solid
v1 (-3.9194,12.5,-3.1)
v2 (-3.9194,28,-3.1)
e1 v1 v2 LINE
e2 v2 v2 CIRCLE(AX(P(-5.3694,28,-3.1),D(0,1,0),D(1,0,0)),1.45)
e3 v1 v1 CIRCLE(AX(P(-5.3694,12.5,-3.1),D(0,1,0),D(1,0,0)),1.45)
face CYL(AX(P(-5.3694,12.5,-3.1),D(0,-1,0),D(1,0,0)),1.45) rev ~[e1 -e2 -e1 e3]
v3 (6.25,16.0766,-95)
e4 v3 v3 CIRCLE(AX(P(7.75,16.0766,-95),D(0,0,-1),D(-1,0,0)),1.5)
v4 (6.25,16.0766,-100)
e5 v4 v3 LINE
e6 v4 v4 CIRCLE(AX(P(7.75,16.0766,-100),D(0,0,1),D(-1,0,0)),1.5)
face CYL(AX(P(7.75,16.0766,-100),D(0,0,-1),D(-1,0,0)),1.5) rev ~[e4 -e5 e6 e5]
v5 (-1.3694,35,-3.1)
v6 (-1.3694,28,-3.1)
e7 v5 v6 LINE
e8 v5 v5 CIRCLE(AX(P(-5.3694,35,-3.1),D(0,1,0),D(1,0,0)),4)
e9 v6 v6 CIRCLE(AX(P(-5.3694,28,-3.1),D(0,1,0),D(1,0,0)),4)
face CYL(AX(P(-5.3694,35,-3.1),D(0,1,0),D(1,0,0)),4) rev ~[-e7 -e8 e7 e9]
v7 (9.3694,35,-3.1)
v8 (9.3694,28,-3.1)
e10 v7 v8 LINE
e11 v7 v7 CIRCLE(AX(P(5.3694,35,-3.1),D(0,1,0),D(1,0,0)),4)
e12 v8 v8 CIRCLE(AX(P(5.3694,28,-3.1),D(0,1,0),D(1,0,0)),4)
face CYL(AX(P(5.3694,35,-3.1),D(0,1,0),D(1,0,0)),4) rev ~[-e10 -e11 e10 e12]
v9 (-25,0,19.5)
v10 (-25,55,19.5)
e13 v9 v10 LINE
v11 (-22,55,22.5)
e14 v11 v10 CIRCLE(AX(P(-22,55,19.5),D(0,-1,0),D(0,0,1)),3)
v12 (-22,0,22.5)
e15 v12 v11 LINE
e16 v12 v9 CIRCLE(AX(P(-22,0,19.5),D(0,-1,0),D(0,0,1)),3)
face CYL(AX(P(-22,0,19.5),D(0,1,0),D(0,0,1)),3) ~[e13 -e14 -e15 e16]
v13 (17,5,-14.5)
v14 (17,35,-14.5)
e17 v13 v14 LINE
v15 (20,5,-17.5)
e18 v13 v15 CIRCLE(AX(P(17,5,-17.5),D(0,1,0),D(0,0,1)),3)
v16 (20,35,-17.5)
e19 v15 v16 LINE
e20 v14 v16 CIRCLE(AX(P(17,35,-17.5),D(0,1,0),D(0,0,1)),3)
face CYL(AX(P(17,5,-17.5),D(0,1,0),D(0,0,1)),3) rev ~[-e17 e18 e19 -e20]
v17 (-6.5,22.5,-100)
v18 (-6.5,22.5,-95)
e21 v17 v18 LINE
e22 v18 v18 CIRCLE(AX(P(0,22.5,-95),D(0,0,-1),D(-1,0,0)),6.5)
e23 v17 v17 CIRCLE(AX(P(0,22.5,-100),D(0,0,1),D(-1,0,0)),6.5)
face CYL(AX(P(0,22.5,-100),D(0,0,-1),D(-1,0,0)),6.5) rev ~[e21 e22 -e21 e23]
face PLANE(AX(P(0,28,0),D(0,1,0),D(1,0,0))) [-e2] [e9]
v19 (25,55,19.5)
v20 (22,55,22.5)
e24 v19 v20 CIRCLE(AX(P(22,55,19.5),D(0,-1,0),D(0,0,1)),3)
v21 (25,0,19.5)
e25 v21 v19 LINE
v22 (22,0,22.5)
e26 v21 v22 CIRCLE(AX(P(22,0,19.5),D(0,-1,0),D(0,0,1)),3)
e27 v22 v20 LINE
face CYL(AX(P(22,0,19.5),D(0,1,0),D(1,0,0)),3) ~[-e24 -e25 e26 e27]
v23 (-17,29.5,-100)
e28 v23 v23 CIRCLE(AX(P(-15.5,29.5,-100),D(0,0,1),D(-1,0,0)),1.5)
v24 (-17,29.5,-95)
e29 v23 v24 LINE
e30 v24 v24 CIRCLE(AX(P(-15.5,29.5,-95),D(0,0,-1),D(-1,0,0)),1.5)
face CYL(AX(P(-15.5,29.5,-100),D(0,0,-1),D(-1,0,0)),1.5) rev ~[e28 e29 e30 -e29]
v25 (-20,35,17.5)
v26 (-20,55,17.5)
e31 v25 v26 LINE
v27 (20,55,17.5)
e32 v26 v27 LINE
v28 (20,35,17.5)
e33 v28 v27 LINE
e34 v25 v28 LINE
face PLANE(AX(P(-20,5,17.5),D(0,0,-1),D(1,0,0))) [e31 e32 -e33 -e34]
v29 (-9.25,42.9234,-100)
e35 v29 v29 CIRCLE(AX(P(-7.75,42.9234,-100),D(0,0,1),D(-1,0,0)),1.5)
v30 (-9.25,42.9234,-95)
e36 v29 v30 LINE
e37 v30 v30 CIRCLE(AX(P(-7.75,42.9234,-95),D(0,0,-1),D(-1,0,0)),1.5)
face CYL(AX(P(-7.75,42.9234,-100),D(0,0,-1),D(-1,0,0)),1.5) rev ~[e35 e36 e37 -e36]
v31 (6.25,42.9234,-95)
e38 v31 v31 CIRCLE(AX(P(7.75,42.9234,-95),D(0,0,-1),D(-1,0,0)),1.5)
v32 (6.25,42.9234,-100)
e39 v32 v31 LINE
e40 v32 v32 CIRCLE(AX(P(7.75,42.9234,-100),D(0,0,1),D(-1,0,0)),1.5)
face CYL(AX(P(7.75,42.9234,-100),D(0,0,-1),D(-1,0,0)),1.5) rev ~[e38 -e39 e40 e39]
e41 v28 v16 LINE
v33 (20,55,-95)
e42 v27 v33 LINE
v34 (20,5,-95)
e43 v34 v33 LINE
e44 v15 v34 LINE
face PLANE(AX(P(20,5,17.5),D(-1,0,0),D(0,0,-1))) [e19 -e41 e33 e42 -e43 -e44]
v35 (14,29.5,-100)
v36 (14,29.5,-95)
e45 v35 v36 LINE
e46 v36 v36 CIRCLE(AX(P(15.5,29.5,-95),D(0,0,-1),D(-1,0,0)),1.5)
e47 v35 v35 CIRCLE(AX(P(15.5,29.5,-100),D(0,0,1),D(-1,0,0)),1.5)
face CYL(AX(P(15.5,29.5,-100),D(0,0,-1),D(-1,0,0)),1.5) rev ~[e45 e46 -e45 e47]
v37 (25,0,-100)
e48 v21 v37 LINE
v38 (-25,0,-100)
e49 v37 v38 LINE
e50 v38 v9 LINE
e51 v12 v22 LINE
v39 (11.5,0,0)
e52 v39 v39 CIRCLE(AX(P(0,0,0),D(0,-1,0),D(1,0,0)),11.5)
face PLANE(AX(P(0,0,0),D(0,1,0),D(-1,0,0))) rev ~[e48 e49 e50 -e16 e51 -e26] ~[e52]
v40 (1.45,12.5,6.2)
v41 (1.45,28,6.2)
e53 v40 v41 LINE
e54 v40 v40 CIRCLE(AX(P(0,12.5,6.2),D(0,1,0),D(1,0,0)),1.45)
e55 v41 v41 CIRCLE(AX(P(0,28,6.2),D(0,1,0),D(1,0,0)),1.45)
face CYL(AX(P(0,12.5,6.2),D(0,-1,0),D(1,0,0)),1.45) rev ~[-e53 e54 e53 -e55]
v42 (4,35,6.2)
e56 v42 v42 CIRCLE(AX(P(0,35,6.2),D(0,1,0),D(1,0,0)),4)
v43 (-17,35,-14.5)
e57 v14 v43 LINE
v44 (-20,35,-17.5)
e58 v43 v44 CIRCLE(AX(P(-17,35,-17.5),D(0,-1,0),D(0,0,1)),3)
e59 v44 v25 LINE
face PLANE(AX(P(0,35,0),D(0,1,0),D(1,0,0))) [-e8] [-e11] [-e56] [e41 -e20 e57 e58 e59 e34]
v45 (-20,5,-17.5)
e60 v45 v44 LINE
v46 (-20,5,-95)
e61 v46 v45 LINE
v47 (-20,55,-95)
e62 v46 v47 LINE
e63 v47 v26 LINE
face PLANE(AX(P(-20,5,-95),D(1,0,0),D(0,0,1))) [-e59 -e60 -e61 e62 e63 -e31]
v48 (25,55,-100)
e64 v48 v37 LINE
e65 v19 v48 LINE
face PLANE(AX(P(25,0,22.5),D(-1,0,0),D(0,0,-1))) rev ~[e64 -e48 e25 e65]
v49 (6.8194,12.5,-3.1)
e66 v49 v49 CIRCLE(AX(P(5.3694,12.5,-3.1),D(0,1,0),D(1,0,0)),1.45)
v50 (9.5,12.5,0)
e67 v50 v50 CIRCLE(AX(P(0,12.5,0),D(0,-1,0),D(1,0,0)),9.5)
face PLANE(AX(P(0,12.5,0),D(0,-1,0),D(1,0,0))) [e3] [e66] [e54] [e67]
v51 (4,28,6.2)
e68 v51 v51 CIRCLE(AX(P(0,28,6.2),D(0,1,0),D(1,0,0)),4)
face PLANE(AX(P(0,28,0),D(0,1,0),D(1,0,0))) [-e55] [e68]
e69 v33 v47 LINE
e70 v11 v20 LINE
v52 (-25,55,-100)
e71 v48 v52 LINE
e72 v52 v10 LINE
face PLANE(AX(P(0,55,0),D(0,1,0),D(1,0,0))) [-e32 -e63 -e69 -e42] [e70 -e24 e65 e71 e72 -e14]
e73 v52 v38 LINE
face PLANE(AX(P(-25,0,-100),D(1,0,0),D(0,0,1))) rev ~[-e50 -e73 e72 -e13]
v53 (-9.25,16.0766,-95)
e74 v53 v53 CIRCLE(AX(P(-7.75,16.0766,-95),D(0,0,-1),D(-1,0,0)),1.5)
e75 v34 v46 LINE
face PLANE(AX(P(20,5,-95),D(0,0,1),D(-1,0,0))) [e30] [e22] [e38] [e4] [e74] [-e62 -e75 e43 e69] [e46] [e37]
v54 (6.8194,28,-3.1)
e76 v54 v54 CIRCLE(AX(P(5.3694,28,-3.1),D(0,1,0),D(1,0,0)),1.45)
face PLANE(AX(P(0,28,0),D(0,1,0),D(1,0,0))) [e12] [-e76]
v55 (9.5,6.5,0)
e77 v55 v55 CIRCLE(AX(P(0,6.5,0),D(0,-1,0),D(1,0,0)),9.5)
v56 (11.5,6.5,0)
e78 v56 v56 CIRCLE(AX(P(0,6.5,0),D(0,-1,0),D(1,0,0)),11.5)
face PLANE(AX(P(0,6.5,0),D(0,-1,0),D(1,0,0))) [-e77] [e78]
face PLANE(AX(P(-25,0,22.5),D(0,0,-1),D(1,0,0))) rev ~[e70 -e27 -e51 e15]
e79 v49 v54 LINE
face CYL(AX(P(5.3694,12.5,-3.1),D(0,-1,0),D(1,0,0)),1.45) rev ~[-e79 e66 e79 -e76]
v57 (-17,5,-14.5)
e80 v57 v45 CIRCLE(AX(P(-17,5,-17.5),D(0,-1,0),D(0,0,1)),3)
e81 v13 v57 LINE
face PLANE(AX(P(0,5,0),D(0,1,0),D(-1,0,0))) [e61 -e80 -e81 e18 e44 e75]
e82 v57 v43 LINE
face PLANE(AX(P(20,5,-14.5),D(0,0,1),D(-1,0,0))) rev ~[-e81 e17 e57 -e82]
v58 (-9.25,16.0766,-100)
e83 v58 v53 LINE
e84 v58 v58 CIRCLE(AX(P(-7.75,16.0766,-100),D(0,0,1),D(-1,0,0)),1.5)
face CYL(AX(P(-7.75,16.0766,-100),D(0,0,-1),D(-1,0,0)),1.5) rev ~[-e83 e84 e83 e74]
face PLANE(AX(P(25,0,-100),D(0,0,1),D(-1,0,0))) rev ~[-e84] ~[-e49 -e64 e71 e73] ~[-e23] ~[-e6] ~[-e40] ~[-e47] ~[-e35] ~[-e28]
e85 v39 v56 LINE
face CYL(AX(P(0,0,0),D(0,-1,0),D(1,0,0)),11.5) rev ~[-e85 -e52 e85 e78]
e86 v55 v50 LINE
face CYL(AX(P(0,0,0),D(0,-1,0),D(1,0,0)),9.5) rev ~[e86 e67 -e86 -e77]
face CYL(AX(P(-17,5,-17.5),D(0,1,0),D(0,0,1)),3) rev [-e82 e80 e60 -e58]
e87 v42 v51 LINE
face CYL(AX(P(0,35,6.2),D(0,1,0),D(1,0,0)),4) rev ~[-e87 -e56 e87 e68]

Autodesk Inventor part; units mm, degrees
ref_plane "YZ Plane" through (0, 0, 0) normal (1, 0, 0) x (0, 1, 0)
ref_plane "XZ Plane" through (0, 0, 0) normal (0, 1, 0) x (-1, 0, 0)
ref_plane "XY Plane" through (0, 0, 0) normal (0, 0, 1) x (1, 0, 0)
sketch "Sketch1" plane through (0, 0, 0) normal (0, 1, 0) x (-1, 0, 0)
  line L0 (25, 22.5) -> (-25, 22.5)
  line L1 (-25, 22.5) -> (-25, -100)
  line L2 (-25, -100) -> (25, -100)
  line L3 (25, -100) -> (25, 22.5)
  circle A0 centre (0, 0) radius 4
  dimension "d0" = 50
  dimension "d1" = 22.5
  dimension "d2" = 25
  dimension "d3" = 122.5
  dimension "d4" = 8
extrude "Extrusion1" add sketch "Sketch1" along normal blind 5
sketch "Sketch2" plane through (0, 5, 0) normal (0, 1, 0) x (1, 0, 0)
  line L0 (-25, 100) -> (-25, -22.5) projected
  line L1 (25, -22.5) -> (25, 100) projected
  line L2 (-25, -22.5) -> (25, -22.5)
  line L3 (25, -22.5) -> (25, 100)
  line L4 (25, 100) -> (-25, 100)
  line L5 (-25, 100) -> (-25, -22.5)
  line L6 (-20, -17.5) -> (20, -17.5)
  line L7 (20, -17.5) -> (20, 95)
  line L8 (20, 95) -> (-20, 95)
  line L9 (-20, 95) -> (-20, -17.5)
  point P0 (0, 0)
  dimension "d7" = 5
  dimension "d8" = 5
  dimension "d9" = 5
  dimension "d10" = 5
extrude "Extrusion2" add sketch "Sketch2" along normal blind 50
sketch "Sketch3" plane through (0, 5, 0) normal (0, 1, 0) x (1, 0, 0)
  line L0 (-20, 95) -> (-20, -17.5) projected
  line L1 (20, -17.5) -> (20, 95) projected
  line L2 (-20, -17.5) -> (20, -17.5)
  line L3 (20, -17.5) -> (20, 14.5)
  line L4 (20, 14.5) -> (-20, 14.5)
  line L5 (-20, 14.5) -> (-20, -17.5)
  point P0 (0, 0)
  dimension "d13" = 32
extrude "Extrusion3" add sketch "Sketch3" along normal blind 30
sketch "Sketch4" plane through (25, 0, -100) normal (0, 0, -1) x (-1, 0, 0)
  circle A0 centre (25, 22.5) radius 6.5
  line L0 (0, 0) -> (50, 0) projected
  line L1 (50, 0) -> (50, 55) projected
  circle A1 centre (25, 29.5) radius 15.5
  line L2 (25, 29.5) -> (45.4383, 29.5)
  line L3 (45.4383, 29.5) -> (2.3057, 29.5)
  line L4 (25, 29.5) -> (33.9734, 13.9576)
  line L5 (25, 29.5) -> (15.8246, 13.6078)
  line L6 (25, 29.5) -> (33.427, 44.096)
  line L7 (25, 29.5) -> (15.5571, 45.8556)
  circle A2 centre (40.5, 29.5) radius 1.5
  circle A3 centre (32.75, 42.9234) radius 1.5
  circle A4 centre (17.25, 42.9234) radius 1.5
  circle A5 centre (9.5, 29.5) radius 1.5
  circle A6 centre (17.25, 16.0766) radius 1.5
  circle A7 centre (32.75, 16.0766) radius 1.5
  point P0 (25, 0)
  dimension "d16" = 22.5
  dimension "d17" = 13
  dimension "d18" = 25
  dimension "d19" = 7
  dimension "d20" = 31
  dimension "d21" = 60
  dimension "d22" = 60
  dimension "d23" = 60
  dimension "d24" = 60
  dimension "d25" = 25
  dimension "d26" = 3
  dimension "d27" = 3
  dimension "d28" = 3
  dimension "d29" = 3
  dimension "d30" = 3
  dimension "d31" = 3
extrude "Extrusion4" cut sketch "Sketch4" against normal blind 30 contours A0 L4 | L4 A0 L5 | L5 A0 | A7 A1 L4 | L4 A1 A7 | A2 A1 L2 | L2 A1 A2 | A5 A1 L3 | L3 A1 A5 | A3 A1 L6 | L6 A1 A3 | A4 A1 L7 | L7 A1 A4 | A6 A1 L5 | L5 A1 A6 | L4 A7 A1 | A1 A7 L4 | L2 A2 A1 | A1 A2 L2 | L3 A5 A1 | A1 A5 L3 | A1 A3 | L7 A4 A1 | A1 A4 L7 | L5 A6 A1 | A1 A6 L5 picked at (24.9025, 21.8029)
sketch "Sketch5" plane through (0, 0, 0) normal (0, -1, 0) x (1, 0, 0)
  circle A0 centre (0, 0) radius 4 projected
  circle A1 centre (0, 0) radius 9.5
  dimension "d34" = 19
extrude "Extrusion5" cut sketch "Sketch5" against normal blind 12.5 contours A0 | A1
sketch "Sketch6" plane through (0, 0, 0) normal (0, -1, 0) x (1, 0, 0)
  circle A0 centre (0, 0) radius 9.5 projected
  circle A1 centre (0, 0) radius 11.5
  dimension "d37" = 23
extrude "Extrusion6" cut sketch "Sketch6" against normal blind 6.5 contours A0 | A1
sketch "Sketch7" plane through (0, 12.5, 0) normal (0, -1, 0) x (1, 0, 0)
  circle A0 centre (0, 0) radius 9.5 projected
  circle A1 centre (0, 0) radius 6.2
  line L0 (0, 0) -> (0, 7.2993)
  line L1 (0, 0) -> (-6.3974, -3.6935)
  line L2 (0, 0) -> (6.4992, -3.7523)
  circle A2 centre (5.3694, -3.1) radius 1.45
  circle A3 centre (-5.3694, -3.1) radius 1.45
  circle A4 centre (0, 6.2) radius 1.45
  dimension "d40" = 12.4
  dimension "d41" = 120
  dimension "d42" = 120
  dimension "d43" = 2.9
  dimension "d44" = 2.9
  dimension "d45" = 2.9
extrude "Extrusion7" cut sketch "Sketch7" against normal blind 30 contours A4 L0 A1 | A1 A4 | A2 A1 | A1 L2 A2 | L0 A4 A1 | A1 A2 L2 | A3 L1 A1 | A1 A3 | A3 A1 L1
fillet "Fillet1" radius 3 4 edges at (20, 20, -14.5) (-20, 20, -14.5) (25, 27.5, 22.5) (-25, 27.5, 22.5)
sketch "Sketch8" plane through (0, 35, 0) normal (0, 1, 0) x (1, 0, 0)
  circle A0 centre (-5.3694, 3.1) radius 1.45 projected
  circle A1 centre (-5.3694, 3.1) radius 4
  circle A2 centre (5.3694, 3.1) radius 1.45 projected
  circle A3 centre (5.3694, 3.1) radius 4
  circle A4 centre (0, -6.2) radius 1.45 projected
  circle A5 centre (0, -6.2) radius 4
  point P0 (0, 0)
  dimension "d49" = 8
  dimension "d50" = 8
  dimension "d51" = 8
extrude "Extrusion8" cut sketch "Sketch8" against normal blind 7
properties part number "Link3_v2"
